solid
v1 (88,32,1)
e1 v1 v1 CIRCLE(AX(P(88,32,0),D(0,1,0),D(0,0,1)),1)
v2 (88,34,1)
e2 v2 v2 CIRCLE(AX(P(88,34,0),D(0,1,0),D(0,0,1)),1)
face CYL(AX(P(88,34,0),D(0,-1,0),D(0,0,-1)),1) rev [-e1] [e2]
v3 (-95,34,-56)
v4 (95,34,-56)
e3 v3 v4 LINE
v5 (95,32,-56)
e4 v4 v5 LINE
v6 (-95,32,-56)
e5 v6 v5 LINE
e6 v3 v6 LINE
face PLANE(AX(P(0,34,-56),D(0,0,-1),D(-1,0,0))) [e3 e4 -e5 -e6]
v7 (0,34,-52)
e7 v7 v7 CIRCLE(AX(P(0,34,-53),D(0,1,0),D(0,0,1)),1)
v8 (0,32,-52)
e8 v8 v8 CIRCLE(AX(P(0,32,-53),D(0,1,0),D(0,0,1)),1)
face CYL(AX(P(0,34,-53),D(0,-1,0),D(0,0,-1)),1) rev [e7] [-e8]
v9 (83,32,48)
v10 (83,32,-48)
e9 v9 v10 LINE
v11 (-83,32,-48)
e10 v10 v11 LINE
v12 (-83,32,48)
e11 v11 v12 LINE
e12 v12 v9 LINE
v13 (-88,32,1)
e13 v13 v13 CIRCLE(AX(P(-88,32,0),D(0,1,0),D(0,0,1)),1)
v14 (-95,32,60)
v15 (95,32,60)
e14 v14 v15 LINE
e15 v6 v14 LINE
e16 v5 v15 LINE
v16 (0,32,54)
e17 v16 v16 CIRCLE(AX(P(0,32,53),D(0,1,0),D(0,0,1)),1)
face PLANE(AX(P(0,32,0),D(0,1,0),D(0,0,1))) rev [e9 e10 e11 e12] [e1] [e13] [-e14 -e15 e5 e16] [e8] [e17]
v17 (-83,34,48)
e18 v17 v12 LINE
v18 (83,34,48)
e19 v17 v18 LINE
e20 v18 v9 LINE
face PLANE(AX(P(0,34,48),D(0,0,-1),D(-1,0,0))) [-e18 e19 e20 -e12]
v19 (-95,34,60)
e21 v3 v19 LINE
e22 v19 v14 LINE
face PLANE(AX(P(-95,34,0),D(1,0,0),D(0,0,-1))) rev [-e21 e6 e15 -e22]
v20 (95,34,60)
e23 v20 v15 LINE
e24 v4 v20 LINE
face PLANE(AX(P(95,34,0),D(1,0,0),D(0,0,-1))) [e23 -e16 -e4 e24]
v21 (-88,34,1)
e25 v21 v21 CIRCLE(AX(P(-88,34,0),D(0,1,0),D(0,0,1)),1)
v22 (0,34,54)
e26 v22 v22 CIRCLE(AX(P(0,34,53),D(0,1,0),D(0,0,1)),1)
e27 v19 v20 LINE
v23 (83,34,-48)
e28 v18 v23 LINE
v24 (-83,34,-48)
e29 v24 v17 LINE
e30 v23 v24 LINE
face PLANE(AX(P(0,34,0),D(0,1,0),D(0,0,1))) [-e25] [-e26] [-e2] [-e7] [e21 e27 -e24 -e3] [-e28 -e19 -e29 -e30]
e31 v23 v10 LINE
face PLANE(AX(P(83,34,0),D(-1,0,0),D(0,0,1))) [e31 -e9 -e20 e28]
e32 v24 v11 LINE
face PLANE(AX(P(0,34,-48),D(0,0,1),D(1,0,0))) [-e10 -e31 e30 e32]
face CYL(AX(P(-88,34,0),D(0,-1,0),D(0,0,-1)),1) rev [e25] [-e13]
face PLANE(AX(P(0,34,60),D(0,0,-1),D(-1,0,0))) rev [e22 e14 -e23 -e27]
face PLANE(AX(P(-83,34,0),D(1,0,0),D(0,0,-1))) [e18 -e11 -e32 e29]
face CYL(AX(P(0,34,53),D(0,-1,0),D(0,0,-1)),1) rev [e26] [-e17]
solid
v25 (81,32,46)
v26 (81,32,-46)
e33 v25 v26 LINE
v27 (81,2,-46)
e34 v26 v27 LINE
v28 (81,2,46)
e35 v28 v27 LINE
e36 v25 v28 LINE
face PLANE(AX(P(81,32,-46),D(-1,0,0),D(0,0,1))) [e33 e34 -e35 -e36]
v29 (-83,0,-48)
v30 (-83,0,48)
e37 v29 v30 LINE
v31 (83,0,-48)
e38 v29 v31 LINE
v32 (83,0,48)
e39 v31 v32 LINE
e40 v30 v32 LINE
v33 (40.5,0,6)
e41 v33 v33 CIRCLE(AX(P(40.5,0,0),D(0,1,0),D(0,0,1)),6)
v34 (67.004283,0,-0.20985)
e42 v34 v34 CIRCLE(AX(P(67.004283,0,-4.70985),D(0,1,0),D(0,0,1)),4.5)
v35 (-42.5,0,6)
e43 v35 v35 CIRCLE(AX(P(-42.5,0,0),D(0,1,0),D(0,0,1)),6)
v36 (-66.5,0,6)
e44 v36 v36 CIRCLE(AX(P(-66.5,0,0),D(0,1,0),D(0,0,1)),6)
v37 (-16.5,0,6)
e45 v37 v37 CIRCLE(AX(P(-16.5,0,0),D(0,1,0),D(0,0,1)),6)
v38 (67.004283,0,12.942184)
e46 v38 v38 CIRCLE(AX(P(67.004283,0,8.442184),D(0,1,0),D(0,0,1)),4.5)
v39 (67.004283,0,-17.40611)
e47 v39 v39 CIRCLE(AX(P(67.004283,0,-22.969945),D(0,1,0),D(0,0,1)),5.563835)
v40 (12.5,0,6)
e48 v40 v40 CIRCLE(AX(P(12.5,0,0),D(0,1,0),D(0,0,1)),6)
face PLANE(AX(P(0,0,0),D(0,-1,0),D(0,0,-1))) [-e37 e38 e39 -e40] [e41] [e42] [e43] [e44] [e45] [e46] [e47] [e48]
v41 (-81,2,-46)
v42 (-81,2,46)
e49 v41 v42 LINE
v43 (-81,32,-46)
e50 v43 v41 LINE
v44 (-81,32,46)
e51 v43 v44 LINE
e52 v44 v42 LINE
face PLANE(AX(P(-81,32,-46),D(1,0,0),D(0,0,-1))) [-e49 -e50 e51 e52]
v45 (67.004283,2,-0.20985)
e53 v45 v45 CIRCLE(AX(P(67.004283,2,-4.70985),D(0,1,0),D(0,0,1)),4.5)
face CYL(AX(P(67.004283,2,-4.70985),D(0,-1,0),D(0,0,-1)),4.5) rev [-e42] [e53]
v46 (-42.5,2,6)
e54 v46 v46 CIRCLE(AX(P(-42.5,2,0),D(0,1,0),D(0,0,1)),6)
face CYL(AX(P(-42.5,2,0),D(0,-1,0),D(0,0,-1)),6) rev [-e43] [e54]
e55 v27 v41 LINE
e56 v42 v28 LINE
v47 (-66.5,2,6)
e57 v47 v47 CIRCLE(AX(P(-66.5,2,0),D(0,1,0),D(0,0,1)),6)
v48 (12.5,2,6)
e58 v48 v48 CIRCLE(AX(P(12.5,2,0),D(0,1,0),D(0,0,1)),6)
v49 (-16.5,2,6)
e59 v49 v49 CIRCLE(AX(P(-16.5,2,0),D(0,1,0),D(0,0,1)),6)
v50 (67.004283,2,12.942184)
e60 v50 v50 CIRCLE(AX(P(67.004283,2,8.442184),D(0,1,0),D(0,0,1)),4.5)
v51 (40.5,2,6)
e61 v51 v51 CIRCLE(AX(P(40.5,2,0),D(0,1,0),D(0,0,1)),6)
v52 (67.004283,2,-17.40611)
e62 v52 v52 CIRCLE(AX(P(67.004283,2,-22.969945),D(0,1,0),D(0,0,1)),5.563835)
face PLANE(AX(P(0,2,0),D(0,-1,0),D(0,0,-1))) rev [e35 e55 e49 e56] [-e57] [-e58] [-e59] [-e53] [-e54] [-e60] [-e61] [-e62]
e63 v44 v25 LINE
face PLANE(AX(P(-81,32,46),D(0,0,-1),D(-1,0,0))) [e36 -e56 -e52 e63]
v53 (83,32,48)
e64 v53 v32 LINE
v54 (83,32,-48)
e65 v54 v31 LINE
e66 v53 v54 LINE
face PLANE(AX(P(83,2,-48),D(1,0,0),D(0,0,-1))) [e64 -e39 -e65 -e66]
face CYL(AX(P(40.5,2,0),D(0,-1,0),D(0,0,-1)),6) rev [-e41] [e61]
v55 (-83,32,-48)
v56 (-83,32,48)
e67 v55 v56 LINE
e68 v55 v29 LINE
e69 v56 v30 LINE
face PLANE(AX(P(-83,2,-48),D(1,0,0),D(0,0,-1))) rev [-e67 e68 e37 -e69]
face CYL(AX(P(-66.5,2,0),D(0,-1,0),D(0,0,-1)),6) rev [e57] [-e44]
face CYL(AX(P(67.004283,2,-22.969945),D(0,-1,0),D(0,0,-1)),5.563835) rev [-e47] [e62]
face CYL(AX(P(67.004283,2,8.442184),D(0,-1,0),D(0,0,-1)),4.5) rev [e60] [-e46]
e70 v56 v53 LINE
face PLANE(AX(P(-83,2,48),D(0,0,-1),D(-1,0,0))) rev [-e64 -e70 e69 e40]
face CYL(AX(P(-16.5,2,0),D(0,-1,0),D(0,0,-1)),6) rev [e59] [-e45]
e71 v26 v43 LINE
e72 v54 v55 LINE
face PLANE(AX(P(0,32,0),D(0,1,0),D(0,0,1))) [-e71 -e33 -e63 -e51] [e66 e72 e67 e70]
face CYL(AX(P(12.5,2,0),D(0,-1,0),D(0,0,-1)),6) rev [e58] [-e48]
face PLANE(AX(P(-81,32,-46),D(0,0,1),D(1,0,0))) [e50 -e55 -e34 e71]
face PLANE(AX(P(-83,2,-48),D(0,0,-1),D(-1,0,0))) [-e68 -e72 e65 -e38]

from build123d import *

# Parameters (mm, degrees)
SKETCH2_W           = 166
SKETCH2_H           = 96
SKETCH2_R           = 6
SKETCH2_R_2         = 4.5
SKETCH2_R_3         = 5.563835096
BOSS_EXTRUDE1_DEPTH = 2
SKETCH3_W           = 166
SKETCH3_H           = 96
SKETCH3_W_2         = 162
SKETCH3_H_2         = 92
BOSS_EXTRUDE2_DEPTH = 30
SKETCH4_W           = 190
SKETCH4_H           = 112
SKETCH4_R           = 1
SKETCH4_W_2         = 166
SKETCH4_H_2         = 96
SKETCH4_H_3         = 4
BOSS_EXTRUDE3_DEPTH = 2


with BuildPart() as part:
    # Sketch2 → Boss-Extrude1 (new body)
    with BuildSketch(Plane(origin=(0, 0, 0), x_dir=(1, 0, 0), z_dir=(0, 1, 0))):
        Rectangle(SKETCH2_W, SKETCH2_H)
        with Locations(Location((-66.5, 0, 0), (0, 0, 270))):
            Circle(SKETCH2_R, mode=Mode.SUBTRACT)
        with Locations(Location((-42.5, 0, 0), (0, 0, 270))):
            Circle(SKETCH2_R, mode=Mode.SUBTRACT)
        with Locations(Location((-16.5, 0, 0), (0, 0, 270))):
            Circle(SKETCH2_R, mode=Mode.SUBTRACT)
        with Locations(Location((12.5, 0, 0), (0, 0, 270))):
            Circle(SKETCH2_R, mode=Mode.SUBTRACT)
        with Locations(Location((40.5, 0, 0), (0, 0, 270))):
            Circle(SKETCH2_R, mode=Mode.SUBTRACT)
        with Locations(Location((67.004282655, 4.709850107, 0), (0, 0, 270))):
            Circle(SKETCH2_R_2, mode=Mode.SUBTRACT)
        with Locations(Location((67.004282655, -8.442184154, 0), (0, 0, 270))):
            Circle(SKETCH2_R_2, mode=Mode.SUBTRACT)
        with Locations(Location((67.004282655, 22.969944987, 0), (0, 0, 270))):
            Circle(SKETCH2_R_3, mode=Mode.SUBTRACT)
    extrude(amount=BOSS_EXTRUDE1_DEPTH)

    # Sketch3 → Boss-Extrude2 (add)
    with BuildSketch(Plane(origin=(0, 2, 0), x_dir=(1, 0, 0), z_dir=(0, 1, 0))):
        Rectangle(SKETCH3_W, SKETCH3_H)
        Rectangle(SKETCH3_W_2, SKETCH3_H_2, mode=Mode.SUBTRACT)
    extrude(amount=BOSS_EXTRUDE2_DEPTH)


with BuildPart() as body_2:
    # Sketch4 → Boss-Extrude3 (new body)
    # profile 1 of 2: a face of its own
    with BuildSketch(Plane(origin=(0, 32, 0), x_dir=(1, 0, 0), z_dir=(0, 1, 0))):
        Rectangle(SKETCH4_W, SKETCH4_H)
        with Locations(Location((88, 0, 0), (0, 0, 270))):
            Circle(SKETCH4_R, mode=Mode.SUBTRACT)
        with Locations(Location((0, 53, 0), (0, 0, 270))):
            Circle(SKETCH4_R, mode=Mode.SUBTRACT)
        with Locations(Location((-88, 0, 0), (0, 0, 270))):
            Circle(SKETCH4_R, mode=Mode.SUBTRACT)
        with Locations(Location((0, -53, 0), (0, 0, 270))):
            Circle(SKETCH4_R, mode=Mode.SUBTRACT)
        Rectangle(SKETCH4_W_2, SKETCH4_H_2, mode=Mode.SUBTRACT)
    # profile 2 of 2: a face of its own
    with BuildSketch(Plane(origin=(0, 32, 0), x_dir=(1, 0, 0), z_dir=(0, 1, 0))):
        with Locations((0, -58)):
            Rectangle(SKETCH4_W, SKETCH4_H_3)
    extrude(amount=BOSS_EXTRUDE3_DEPTH)


solid = Compound([part.part, body_2.part])
